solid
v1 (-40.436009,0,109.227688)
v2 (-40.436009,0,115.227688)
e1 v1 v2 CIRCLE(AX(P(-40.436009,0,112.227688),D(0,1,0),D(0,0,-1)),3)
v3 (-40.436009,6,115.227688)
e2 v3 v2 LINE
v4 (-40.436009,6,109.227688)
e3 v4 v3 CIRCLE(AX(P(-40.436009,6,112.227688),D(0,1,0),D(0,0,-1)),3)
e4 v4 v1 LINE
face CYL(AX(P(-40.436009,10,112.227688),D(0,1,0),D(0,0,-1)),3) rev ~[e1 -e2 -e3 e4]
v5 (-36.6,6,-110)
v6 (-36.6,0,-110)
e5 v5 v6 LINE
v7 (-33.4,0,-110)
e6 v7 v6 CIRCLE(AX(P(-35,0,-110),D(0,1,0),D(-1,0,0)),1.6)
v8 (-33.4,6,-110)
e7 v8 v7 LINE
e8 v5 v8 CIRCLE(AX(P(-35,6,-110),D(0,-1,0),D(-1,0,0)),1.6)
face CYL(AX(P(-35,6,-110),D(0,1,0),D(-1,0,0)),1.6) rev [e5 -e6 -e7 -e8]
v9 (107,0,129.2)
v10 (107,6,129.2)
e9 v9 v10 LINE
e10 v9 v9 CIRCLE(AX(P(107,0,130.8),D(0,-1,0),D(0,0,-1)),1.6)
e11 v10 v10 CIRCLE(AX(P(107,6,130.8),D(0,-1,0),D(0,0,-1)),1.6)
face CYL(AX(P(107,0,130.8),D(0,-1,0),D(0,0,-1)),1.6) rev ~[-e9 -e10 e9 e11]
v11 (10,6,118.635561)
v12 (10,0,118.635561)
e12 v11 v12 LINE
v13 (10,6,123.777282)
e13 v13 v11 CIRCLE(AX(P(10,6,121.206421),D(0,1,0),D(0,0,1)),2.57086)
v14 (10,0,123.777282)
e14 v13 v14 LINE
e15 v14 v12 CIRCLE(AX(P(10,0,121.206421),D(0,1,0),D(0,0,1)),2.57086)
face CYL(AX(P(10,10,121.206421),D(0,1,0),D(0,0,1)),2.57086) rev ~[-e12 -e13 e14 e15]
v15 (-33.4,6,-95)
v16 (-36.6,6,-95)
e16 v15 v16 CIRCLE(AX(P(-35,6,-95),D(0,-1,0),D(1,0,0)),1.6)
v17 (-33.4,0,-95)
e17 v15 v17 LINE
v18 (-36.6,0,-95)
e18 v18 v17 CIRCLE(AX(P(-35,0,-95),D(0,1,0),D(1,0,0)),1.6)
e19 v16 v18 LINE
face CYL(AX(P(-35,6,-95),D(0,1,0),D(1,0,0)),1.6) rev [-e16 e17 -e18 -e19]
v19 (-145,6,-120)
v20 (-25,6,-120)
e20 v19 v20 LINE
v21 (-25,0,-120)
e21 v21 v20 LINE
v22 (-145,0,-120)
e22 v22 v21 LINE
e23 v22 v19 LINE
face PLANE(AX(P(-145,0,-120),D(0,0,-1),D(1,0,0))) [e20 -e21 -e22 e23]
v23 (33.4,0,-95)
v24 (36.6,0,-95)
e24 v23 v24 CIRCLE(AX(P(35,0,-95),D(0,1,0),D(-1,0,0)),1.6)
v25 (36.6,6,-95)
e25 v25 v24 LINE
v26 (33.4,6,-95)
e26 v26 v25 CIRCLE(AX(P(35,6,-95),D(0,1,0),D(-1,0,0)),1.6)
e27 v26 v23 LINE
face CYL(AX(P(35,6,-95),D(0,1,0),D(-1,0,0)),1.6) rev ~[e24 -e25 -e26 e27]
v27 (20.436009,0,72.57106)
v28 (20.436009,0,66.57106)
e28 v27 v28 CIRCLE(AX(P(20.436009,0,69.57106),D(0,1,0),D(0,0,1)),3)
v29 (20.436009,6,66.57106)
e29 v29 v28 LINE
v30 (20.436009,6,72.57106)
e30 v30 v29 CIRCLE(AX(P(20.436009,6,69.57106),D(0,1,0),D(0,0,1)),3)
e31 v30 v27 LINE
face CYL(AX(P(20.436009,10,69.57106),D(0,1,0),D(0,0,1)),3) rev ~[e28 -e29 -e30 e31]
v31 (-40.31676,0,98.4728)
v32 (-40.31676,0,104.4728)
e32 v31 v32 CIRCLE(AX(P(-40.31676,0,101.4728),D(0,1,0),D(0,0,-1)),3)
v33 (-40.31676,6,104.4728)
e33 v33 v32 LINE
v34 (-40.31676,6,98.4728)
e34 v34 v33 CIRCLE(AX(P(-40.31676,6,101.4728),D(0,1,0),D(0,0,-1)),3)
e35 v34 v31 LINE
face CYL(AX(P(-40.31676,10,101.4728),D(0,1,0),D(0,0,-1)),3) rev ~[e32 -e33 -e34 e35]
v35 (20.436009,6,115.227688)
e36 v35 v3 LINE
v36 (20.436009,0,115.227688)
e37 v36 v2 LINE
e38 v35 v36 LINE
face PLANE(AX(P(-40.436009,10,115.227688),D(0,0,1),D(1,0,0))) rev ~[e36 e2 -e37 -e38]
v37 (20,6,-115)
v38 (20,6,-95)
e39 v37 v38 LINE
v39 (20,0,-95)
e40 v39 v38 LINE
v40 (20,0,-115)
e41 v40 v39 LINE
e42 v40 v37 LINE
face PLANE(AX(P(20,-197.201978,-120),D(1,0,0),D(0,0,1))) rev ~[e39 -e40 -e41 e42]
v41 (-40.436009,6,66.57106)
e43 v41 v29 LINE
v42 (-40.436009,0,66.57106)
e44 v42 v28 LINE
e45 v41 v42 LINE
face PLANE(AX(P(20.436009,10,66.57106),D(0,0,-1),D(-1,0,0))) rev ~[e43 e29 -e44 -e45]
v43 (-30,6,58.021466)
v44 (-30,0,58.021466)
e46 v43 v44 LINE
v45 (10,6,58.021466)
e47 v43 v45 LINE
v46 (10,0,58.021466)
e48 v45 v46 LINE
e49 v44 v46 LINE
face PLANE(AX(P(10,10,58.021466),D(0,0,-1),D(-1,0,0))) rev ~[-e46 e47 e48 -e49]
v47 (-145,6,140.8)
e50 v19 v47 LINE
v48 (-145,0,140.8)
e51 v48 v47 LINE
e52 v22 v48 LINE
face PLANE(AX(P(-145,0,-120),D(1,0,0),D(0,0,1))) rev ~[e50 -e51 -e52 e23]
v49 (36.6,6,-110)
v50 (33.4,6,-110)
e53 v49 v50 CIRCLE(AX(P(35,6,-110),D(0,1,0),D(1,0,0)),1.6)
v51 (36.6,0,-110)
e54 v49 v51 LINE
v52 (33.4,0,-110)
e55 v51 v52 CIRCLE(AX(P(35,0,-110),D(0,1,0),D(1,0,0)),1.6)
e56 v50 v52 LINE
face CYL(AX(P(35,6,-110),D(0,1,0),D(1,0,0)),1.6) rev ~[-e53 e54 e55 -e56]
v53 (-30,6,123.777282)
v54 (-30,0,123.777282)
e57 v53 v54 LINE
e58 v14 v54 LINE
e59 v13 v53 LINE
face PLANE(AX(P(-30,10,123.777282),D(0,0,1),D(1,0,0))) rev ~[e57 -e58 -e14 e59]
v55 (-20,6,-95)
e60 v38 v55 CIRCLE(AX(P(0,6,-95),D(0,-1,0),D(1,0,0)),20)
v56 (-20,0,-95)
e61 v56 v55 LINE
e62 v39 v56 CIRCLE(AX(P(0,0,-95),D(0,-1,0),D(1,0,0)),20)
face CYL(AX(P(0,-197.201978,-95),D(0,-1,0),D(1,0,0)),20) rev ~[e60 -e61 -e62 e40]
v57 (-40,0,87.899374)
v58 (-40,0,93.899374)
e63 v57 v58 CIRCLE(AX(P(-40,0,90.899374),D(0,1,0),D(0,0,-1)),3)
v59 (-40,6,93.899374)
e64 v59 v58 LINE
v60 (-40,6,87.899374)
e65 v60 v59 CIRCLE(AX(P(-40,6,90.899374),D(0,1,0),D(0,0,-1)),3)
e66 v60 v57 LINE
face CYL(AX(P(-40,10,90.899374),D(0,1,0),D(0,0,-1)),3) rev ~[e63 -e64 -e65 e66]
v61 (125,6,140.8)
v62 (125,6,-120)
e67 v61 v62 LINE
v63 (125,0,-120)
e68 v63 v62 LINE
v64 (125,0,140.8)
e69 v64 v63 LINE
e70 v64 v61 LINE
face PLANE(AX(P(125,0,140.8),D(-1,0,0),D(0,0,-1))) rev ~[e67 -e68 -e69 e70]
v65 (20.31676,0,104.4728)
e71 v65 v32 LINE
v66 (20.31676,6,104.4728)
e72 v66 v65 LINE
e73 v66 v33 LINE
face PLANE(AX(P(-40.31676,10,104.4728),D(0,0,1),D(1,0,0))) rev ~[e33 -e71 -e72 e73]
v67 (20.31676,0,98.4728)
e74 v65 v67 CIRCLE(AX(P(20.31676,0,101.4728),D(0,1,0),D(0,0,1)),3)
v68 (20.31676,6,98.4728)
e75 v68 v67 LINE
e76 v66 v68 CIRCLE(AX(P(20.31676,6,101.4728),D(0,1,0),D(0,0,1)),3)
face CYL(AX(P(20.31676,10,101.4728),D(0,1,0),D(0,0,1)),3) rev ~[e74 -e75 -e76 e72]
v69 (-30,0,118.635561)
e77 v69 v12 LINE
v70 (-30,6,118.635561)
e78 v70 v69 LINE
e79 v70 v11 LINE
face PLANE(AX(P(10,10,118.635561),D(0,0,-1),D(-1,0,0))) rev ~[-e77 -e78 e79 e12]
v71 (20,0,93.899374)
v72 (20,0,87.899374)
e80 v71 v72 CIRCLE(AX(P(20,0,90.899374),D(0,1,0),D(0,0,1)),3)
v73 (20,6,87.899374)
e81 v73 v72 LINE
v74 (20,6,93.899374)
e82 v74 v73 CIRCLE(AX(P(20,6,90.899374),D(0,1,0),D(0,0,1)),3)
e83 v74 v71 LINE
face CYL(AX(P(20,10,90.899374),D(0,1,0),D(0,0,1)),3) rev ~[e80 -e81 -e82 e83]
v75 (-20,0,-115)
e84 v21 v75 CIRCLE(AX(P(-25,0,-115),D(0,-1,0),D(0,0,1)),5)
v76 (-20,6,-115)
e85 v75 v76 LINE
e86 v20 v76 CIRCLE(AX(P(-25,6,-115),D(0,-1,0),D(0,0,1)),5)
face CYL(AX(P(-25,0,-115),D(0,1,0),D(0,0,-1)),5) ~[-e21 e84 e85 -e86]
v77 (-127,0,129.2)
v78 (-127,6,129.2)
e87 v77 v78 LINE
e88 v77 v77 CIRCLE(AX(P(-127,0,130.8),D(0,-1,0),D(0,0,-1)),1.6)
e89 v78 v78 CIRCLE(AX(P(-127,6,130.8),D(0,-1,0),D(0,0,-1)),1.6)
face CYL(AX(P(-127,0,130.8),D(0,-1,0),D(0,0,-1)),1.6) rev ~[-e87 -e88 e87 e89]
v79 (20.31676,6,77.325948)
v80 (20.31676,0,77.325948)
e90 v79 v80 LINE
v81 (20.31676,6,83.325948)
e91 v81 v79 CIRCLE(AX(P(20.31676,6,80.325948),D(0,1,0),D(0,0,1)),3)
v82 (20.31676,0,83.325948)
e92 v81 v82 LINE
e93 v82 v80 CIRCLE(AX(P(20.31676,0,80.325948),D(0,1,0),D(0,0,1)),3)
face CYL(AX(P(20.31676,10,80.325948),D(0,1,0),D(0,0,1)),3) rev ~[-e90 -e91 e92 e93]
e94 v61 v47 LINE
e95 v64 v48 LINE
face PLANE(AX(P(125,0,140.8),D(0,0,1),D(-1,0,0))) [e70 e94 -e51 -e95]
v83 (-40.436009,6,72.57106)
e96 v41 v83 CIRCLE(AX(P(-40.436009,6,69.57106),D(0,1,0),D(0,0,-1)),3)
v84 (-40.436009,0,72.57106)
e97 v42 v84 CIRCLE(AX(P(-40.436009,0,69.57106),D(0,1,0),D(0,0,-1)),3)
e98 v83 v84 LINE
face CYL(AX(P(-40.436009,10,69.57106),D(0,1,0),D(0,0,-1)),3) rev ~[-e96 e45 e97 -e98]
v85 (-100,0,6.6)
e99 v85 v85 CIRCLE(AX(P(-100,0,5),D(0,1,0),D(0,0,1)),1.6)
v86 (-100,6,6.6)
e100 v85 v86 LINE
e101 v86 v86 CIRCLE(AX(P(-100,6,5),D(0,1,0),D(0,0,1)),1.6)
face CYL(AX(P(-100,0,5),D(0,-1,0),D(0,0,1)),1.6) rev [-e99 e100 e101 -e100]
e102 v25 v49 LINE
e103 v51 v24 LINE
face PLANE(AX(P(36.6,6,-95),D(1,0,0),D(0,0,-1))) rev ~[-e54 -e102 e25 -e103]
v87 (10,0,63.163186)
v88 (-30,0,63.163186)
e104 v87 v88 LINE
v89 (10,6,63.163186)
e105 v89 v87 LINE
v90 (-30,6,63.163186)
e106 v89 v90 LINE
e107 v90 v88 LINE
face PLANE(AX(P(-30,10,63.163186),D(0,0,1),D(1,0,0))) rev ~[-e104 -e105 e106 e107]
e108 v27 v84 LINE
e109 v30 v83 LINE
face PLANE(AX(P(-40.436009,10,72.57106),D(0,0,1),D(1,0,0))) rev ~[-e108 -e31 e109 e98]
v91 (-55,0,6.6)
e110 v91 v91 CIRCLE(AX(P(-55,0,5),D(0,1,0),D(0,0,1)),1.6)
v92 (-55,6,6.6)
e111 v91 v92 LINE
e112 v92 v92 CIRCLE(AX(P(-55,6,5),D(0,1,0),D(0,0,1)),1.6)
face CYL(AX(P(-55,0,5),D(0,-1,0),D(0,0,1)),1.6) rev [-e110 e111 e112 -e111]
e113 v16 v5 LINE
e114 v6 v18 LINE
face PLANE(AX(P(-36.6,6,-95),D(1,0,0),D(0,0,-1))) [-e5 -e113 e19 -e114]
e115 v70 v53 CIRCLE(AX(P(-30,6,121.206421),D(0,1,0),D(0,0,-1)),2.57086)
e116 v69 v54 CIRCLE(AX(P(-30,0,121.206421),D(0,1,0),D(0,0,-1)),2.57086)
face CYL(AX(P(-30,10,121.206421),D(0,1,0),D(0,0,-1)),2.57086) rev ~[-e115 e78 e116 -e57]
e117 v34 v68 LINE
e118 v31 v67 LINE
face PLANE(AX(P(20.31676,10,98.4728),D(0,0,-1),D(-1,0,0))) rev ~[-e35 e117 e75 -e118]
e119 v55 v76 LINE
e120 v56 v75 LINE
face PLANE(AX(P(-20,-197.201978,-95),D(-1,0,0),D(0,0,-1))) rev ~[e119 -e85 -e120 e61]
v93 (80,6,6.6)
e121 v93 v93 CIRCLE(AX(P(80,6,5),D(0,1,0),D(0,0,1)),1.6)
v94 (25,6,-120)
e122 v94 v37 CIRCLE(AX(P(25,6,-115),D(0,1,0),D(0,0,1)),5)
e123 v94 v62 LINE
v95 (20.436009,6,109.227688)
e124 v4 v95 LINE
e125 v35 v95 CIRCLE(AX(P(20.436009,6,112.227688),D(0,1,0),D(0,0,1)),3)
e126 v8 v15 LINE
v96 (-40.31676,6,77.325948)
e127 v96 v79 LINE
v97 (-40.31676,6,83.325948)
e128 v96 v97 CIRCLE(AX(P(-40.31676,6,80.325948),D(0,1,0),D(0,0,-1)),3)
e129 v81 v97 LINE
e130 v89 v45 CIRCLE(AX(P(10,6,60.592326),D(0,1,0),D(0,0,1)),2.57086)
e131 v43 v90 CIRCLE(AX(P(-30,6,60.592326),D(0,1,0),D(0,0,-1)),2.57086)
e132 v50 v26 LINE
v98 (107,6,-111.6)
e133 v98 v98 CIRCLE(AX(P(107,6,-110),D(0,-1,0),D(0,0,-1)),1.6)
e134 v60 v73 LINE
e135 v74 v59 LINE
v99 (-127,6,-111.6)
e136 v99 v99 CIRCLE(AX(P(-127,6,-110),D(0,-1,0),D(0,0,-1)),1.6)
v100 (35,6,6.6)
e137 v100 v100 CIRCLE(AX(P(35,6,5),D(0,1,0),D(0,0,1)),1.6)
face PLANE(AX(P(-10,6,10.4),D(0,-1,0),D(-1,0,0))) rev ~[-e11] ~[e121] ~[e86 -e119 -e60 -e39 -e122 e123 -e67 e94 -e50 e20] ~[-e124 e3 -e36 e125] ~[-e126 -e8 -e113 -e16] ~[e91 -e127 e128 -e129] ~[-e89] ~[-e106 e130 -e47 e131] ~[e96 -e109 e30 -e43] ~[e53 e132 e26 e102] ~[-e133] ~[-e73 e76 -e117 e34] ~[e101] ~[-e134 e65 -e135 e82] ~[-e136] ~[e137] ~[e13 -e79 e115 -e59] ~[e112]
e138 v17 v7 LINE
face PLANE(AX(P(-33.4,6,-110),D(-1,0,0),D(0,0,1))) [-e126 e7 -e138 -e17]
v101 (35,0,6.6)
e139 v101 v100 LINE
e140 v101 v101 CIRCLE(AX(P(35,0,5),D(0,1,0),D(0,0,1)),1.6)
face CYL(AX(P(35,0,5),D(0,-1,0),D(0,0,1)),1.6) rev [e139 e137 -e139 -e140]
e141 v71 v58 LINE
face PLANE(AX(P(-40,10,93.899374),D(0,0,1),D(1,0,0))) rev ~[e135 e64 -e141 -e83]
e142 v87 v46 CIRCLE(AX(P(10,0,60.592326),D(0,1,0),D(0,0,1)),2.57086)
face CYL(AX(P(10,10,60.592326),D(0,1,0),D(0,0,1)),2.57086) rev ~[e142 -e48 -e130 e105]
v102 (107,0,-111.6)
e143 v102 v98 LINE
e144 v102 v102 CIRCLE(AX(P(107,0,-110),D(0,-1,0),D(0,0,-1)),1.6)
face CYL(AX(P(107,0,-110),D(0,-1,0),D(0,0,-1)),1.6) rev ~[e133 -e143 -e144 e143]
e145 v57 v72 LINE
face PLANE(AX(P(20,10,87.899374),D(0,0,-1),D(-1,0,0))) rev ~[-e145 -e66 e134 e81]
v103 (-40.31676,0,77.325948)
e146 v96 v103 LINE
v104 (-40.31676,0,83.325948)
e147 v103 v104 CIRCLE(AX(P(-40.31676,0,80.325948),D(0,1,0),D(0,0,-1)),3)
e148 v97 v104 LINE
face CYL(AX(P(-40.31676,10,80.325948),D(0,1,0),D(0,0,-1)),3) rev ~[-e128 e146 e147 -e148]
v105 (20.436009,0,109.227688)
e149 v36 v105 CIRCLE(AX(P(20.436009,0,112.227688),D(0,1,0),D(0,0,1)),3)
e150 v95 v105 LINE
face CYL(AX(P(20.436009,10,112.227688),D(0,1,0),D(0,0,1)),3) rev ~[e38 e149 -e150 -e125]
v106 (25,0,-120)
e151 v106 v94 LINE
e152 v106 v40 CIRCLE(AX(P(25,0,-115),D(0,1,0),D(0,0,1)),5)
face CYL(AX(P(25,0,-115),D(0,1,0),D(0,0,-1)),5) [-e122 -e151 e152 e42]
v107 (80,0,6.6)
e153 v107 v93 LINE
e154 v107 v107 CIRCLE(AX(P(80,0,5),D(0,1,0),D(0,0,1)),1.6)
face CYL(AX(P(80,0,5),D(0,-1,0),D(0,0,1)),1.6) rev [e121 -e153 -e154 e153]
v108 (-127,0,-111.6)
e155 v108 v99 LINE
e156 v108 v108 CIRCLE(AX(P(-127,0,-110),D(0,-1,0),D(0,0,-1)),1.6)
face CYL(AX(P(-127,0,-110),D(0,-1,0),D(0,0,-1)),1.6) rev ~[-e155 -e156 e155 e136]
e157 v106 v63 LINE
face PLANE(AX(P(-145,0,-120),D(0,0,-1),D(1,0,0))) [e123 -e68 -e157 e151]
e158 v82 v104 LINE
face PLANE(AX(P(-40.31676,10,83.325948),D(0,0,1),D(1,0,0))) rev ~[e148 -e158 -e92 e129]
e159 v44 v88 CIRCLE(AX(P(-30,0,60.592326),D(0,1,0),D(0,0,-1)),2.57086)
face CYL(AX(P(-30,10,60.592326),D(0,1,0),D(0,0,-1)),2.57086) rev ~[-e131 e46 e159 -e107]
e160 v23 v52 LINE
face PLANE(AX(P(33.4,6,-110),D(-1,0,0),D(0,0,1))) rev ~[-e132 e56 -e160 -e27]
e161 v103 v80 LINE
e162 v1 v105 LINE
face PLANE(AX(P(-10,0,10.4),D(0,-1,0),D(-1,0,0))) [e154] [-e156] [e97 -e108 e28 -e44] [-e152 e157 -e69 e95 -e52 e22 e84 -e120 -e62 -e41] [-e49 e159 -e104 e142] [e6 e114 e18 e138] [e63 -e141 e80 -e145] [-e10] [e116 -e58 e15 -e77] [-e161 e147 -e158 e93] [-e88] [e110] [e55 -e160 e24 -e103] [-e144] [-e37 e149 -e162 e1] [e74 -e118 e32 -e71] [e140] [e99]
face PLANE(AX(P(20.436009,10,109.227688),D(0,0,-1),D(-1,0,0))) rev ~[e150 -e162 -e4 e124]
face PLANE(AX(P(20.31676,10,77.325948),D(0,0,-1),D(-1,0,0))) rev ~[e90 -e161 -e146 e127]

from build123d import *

# Parameters (mm, degrees)
SKETCH1_R               = 1.6
BOSS_EXTRUDE1_DEPTH     = 6
CUT_EXTRUDE1_DEPTH      = 203.20197823
CUT_EXTRUDE1_DEPTH_BACK = 203.20197823
SKETCH4_R               = 1.6
CUT_EXTRUDE2_DEPTH      = 10
CUT_EXTRUDE3_DEPTH      = 10
FILLET1_R               = 5
CUT_EXTRUDE4_DEPTH      = 10
CUT_EXTRUDE4_DEPTH_BACK = 10


with BuildPart() as part:
    # Sketch1 → Boss-Extrude1 (new body)
    with BuildSketch(Plane(origin=(0, 0, 0), x_dir=(1, 0, 0), z_dir=(0, 1, 0))):
        Polygon((-145, 120), (125, 120), (125, -100.8), (125, -140.8), (-145, -140.8), (-145, -100.8), align=None)
        with Locations((-100, -5)):
            Circle(SKETCH1_R, mode=Mode.SUBTRACT)
        with Locations((80, -5)):
            Circle(SKETCH1_R, mode=Mode.SUBTRACT)
        with Locations((-55, -5)):
            Circle(SKETCH1_R, mode=Mode.SUBTRACT)
        with Locations((35, -5)):
            Circle(SKETCH1_R, mode=Mode.SUBTRACT)
    extrude(amount=BOSS_EXTRUDE1_DEPTH)

    # Sketch3 → Cut-Extrude1 (cut, two sides: drawn at the far end of the back side and taken through both)
    with BuildSketch(Plane(origin=(0, 6, 0), x_dir=(1, 0, 0), z_dir=(0, 1, 0)).offset(-CUT_EXTRUDE1_DEPTH_BACK)):
        with BuildLine():
            Line((-20, 95), (-20, 120))
            Line((-20, 120), (20, 120))
            Line((20, 120), (20, 95))
            ThreePointArc((20, 95), (0, 75), (-20, 95))
        make_face()
    extrude(amount=CUT_EXTRUDE1_DEPTH + CUT_EXTRUDE1_DEPTH_BACK, mode=Mode.SUBTRACT)

    # Sketch4 → Cut-Extrude2 (cut)
    with BuildSketch(Plane.XZ):
        with Locations((107, -110)):
            Circle(SKETCH4_R)
        with Locations((-127, -110)):
            Circle(SKETCH4_R)
        with Locations((107, 130.8)):
            Circle(SKETCH4_R)
        with Locations((-127, 130.8)):
            Circle(SKETCH4_R)
    extrude(amount=-CUT_EXTRUDE2_DEPTH, mode=Mode.SUBTRACT)

    # Sketch5 → Cut-Extrude3 (cut)
    with BuildSketch(Plane(origin=(0, 6, 0), x_dir=(1, 0, 0), z_dir=(0, 1, 0))):
        with BuildLine():
            Line((-33.4, 110), (-33.4, 95))
            ThreePointArc((-33.4, 95), (-35, 93.4), (-36.6, 95))
            Line((-36.6, 95), (-36.6, 110))
            ThreePointArc((-36.6, 110), (-35, 111.6), (-33.4, 110))
        make_face()
        with BuildLine():
            Line((33.4, 110), (33.4, 95))
            ThreePointArc((33.4, 95), (35, 93.4), (36.6, 95))
            Line((36.6, 95), (36.6, 110))
            ThreePointArc((36.6, 110), (35, 111.6), (33.4, 110))
        make_face()
    extrude(amount=-CUT_EXTRUDE3_DEPTH, mode=Mode.SUBTRACT)

    # Fillet1
    fillet1_edges = [part.edges().sort_by_distance(p)[0] for p in [
        (20, 3, -120),
        (-20, 3, -120),
    ]]
    fillet(fillet1_edges, radius=FILLET1_R)

    # Sketch6 → Cut-Extrude4 (cut, two sides: drawn at the far end of the back side and taken through both)
    with BuildSketch(Plane.XZ.offset(-CUT_EXTRUDE4_DEPTH_BACK)):
        with BuildLine():
            Line((10, 58.021465569), (-30, 58.021465569))
            ThreePointArc((-30, 58.021465569), (-32.570860459, 60.592326028), (-30, 63.163186487))
            Line((-30, 63.163186487), (10, 63.163186487))
            ThreePointArc((10, 63.163186487), (12.570860459, 60.592326028), (10, 58.021465569))
        make_face()
        with BuildLine():
            Line((20.436008981, 66.571059525), (-40.436008981, 66.571059525))
            ThreePointArc((-40.436008981, 66.571059525), (-43.436008981, 69.571059525), (-40.436008981, 72.571059525))
            Line((-40.436008981, 72.571059525), (20.436008981, 72.571059525))
            ThreePointArc((20.436008981, 72.571059525), (23.436008981, 69.571059525), (20.436008981, 66.571059525))
        make_face()
        with BuildLine():
            Line((20.316760433, 77.325947728), (-40.316760433, 77.325947728))
            ThreePointArc((-40.316760433, 77.325947728), (-43.316760433, 80.325947728), (-40.316760433, 83.325947728))
            Line((-40.316760433, 83.325947728), (20.316760433, 83.325947728))
            ThreePointArc((20.316760433, 83.325947728), (23.316760433, 80.325947728), (20.316760433, 77.325947728))
        make_face()
        with BuildLine():
            Line((-30, 123.777281933), (10, 123.777281933))
            ThreePointArc((10, 123.777281933), (12.570860459, 121.206421475), (10, 118.635561016))
            Line((10, 118.635561016), (-30, 118.635561016))
            ThreePointArc((-30, 118.635561016), (-32.570860459, 121.206421475), (-30, 123.777281933))
        make_face()
        with BuildLine():
            Line((-40.436008981, 115.227687978), (20.436008981, 115.227687978))
            ThreePointArc((20.436008981, 115.227687978), (23.436008981, 112.227687978), (20.436008981, 109.227687978))
            Line((20.436008981, 109.227687978), (-40.436008981, 109.227687978))
            ThreePointArc((-40.436008981, 109.227687978), (-43.436008981, 112.227687978), (-40.436008981, 115.227687978))
        make_face()
        with BuildLine():
            Line((-40.316760433, 104.472799775), (20.316760433, 104.472799775))
            ThreePointArc((20.316760433, 104.472799775), (23.316760433, 101.472799775), (20.316760433, 98.472799775))
            Line((20.316760433, 98.472799775), (-40.316760433, 98.472799775))
            ThreePointArc((-40.316760433, 98.472799775), (-43.316760433, 101.472799775), (-40.316760433, 104.472799775))
        make_face()
        with BuildLine():
            Line((20, 87.899373751), (-40, 87.899373751))
            ThreePointArc((-40, 87.899373751), (-43, 90.899373751), (-40, 93.899373751))
            Line((-40, 93.899373751), (20, 93.899373751))
            ThreePointArc((20, 93.899373751), (23, 90.899373751), (20, 87.899373751))
        make_face()
    extrude(amount=CUT_EXTRUDE4_DEPTH + CUT_EXTRUDE4_DEPTH_BACK, mode=Mode.SUBTRACT)


solid = part.part
